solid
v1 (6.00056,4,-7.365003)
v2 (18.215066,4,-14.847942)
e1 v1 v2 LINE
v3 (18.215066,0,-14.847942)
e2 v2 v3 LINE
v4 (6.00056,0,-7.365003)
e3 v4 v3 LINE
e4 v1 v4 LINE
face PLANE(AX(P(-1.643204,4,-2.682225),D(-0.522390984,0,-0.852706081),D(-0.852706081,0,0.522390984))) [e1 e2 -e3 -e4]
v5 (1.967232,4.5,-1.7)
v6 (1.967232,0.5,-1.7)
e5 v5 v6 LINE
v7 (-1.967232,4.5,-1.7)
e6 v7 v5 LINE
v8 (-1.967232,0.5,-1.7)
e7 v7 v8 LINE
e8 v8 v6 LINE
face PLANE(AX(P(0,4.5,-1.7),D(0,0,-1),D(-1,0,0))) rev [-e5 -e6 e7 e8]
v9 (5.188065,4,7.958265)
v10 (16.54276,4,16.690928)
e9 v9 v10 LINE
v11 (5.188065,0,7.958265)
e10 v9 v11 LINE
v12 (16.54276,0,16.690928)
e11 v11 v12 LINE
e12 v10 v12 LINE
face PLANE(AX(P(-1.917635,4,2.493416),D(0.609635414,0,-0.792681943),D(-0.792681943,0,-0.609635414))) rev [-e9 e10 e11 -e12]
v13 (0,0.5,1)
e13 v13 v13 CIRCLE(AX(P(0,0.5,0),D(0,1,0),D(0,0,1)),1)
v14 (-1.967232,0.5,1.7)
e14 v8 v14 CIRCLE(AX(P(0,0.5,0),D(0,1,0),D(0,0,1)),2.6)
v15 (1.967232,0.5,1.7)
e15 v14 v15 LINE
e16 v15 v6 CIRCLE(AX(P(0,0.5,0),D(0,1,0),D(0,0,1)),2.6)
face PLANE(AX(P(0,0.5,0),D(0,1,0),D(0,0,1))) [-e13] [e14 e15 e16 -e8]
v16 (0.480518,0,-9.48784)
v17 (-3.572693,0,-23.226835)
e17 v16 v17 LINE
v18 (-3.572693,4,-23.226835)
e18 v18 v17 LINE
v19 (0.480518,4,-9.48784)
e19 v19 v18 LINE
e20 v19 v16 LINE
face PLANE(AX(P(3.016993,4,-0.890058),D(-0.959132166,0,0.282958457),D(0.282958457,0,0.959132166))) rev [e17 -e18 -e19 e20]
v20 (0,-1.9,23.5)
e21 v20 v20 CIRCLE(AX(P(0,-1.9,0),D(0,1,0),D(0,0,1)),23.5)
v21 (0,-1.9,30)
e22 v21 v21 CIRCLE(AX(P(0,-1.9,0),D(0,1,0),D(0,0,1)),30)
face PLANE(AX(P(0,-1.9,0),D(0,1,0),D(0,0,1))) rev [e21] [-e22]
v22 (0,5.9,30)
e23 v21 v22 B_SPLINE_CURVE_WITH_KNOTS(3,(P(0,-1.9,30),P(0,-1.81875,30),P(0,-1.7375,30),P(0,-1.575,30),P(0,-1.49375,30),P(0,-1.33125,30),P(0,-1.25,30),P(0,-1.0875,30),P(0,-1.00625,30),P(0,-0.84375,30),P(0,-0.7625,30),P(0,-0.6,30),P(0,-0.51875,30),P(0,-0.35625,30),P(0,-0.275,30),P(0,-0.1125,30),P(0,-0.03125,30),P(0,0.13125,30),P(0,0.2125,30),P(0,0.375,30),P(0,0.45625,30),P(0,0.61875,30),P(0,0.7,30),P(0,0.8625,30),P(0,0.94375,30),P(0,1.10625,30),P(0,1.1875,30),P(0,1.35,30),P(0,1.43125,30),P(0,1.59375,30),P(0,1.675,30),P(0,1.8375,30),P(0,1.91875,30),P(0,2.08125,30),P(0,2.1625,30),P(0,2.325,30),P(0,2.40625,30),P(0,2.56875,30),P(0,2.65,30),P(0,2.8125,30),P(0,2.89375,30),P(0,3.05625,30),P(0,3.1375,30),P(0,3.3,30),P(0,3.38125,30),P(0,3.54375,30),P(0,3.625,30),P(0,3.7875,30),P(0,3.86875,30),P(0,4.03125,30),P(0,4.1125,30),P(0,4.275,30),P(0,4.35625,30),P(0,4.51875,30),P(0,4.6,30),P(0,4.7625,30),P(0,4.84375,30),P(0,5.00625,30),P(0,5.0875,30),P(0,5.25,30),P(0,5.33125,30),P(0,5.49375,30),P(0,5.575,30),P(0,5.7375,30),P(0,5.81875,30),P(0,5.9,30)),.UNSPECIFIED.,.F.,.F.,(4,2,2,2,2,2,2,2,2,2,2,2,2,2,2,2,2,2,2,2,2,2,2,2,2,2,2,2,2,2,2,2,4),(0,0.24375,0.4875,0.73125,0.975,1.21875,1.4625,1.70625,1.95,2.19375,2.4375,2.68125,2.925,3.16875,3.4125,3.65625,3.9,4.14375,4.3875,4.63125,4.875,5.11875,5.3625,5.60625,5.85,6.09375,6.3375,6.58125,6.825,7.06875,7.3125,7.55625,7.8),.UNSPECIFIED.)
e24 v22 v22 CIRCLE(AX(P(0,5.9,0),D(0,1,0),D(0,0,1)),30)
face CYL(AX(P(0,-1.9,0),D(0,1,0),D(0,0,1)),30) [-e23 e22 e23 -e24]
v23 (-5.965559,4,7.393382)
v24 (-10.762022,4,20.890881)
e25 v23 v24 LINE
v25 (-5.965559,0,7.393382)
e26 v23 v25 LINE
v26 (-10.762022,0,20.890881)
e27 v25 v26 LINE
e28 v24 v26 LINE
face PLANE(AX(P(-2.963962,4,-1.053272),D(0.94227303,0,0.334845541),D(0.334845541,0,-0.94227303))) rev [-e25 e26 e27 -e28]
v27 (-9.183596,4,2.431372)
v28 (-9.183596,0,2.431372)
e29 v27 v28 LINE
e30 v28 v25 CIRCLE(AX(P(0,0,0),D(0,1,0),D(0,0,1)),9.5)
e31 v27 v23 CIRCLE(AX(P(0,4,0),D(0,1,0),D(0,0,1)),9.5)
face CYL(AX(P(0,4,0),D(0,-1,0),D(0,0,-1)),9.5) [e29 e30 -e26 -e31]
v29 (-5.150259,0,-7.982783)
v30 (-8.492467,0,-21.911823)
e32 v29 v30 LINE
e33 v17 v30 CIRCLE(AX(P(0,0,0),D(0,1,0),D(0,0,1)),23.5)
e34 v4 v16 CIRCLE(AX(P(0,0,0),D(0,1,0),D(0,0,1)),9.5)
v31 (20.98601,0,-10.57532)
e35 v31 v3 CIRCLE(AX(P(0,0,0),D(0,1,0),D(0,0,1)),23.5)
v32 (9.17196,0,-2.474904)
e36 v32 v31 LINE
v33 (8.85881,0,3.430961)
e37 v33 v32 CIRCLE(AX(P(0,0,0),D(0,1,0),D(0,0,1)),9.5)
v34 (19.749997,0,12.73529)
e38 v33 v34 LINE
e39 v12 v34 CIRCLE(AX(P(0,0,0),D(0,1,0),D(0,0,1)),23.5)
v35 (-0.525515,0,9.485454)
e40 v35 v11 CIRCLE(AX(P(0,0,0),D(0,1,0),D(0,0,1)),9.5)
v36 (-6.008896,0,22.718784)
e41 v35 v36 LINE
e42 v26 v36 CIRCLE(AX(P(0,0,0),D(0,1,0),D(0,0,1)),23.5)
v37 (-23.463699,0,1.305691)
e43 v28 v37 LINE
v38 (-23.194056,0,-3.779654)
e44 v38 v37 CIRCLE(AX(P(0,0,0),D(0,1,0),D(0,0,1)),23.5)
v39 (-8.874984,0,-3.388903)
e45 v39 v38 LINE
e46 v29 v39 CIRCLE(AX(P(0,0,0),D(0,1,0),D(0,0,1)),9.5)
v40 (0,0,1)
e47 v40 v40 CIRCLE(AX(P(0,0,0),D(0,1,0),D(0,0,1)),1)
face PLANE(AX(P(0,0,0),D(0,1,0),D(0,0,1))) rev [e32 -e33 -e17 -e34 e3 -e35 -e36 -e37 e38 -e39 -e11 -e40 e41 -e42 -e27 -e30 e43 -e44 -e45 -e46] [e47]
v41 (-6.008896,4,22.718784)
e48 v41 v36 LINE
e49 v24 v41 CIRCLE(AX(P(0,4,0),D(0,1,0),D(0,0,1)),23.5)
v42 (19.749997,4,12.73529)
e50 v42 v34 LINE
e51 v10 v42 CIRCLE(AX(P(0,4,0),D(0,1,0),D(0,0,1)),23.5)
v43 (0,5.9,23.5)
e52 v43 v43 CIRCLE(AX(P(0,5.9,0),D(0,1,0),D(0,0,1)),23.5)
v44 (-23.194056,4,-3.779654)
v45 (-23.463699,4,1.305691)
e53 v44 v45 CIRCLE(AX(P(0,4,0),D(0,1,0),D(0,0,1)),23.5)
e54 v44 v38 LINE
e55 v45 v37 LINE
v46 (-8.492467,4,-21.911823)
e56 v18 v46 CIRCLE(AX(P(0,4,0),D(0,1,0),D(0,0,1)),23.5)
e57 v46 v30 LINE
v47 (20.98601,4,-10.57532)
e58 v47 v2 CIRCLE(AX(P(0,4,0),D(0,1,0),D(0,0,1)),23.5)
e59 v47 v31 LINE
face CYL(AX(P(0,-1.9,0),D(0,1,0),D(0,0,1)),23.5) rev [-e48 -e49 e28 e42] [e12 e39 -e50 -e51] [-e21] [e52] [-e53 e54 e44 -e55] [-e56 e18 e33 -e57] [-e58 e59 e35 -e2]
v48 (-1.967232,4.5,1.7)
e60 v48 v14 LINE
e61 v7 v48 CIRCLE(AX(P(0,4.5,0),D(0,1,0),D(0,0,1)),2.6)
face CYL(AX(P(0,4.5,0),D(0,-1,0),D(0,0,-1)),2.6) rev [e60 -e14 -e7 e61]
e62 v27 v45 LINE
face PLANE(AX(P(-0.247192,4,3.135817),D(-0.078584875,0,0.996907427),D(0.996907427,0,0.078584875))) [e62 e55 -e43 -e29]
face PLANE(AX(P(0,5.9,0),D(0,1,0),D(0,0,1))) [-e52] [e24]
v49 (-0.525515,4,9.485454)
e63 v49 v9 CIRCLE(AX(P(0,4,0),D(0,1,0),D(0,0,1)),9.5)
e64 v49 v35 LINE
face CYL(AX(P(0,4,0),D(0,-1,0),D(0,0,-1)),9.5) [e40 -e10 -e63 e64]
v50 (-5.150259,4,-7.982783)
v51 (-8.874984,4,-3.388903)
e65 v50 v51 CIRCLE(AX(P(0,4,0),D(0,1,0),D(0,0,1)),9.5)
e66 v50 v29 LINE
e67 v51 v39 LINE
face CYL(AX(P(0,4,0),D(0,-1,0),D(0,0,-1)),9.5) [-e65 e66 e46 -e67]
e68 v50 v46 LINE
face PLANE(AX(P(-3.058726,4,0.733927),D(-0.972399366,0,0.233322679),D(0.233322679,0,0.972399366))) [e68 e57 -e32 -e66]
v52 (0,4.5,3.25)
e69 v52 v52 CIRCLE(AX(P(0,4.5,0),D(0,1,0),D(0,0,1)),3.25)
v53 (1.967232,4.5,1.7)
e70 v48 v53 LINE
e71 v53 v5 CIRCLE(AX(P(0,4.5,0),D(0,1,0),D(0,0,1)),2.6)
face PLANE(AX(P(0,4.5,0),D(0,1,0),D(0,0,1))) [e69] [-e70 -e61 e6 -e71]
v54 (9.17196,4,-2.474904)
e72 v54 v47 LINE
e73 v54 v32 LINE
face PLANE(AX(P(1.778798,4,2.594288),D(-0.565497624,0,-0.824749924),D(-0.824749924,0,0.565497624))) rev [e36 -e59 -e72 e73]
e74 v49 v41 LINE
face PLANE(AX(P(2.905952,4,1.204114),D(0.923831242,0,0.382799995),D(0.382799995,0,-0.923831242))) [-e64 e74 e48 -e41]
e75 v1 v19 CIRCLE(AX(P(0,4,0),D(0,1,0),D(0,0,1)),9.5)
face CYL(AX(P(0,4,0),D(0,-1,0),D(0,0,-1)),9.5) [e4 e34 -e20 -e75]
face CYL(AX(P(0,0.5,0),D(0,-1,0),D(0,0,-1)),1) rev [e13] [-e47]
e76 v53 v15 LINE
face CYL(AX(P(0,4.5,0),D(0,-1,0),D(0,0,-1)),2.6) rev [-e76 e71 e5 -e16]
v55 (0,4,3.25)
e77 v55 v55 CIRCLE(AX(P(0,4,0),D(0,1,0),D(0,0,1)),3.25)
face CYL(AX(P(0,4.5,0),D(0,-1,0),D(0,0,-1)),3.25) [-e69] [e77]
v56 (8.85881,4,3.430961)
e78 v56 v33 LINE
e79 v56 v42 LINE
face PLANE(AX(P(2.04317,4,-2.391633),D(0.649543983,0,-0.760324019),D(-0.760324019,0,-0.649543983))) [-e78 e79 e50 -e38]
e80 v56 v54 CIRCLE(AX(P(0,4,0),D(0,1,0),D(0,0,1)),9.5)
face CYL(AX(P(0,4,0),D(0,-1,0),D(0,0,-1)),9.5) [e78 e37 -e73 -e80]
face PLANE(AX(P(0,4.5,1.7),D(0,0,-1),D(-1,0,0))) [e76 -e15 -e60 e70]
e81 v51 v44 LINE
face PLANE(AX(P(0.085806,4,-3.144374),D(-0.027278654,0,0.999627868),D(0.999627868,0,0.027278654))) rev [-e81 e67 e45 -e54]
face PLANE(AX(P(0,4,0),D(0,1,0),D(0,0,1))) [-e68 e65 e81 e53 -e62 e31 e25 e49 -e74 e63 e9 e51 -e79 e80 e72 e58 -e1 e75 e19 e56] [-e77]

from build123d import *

# Parameters (mm, degrees)
SKETCH1_R                = 3.25
BOSS_EXTRUDE1_DEPTH      = 4
SKETCH1_4_R              = 3.25
BOSS_EXTRUDE2_DEPTH      = 4.5
SKETCH1_5_R              = 1
BOSS_EXTRUDE3_DEPTH      = 0.5
BOSS_EXTRUDE4_DEPTH      = 5.9
BOSS_EXTRUDE4_DEPTH_BACK = 1.9
SKETCH1_6_R              = 30


with BuildPart() as part:
    # Sketch1 → Boss-Extrude1 (new body)
    with BuildSketch(Plane(origin=(0, 0, 0), x_dir=(1, 0, 0), z_dir=(0, 1, 0))):
        with BuildLine():
            Line((-8.492467394, 21.911823237), (-5.150259407, 7.982783226))
            ThreePointArc((-5.150259407, 7.982783226), (-7.379213612, 5.983076673), (-8.874983612, 3.388903346))
            Line((-8.874983612, 3.388903346), (-23.194055647, 3.779653774))
            ThreePointArc((-23.194055647, 3.779653774), (-23.46703432, 1.244307122), (-23.463699022, -1.305690697))
            Line((-23.463699022, -1.305690697), (-9.183595688, -2.431372091))
            ThreePointArc((-9.183595688, -2.431372091), (-7.970546468, -5.16917682), (-5.965559371, -7.39338227))
            Line((-5.965559371, -7.39338227), (-10.762021714, -20.890880513))
            ThreePointArc((-10.762021714, -20.890880513), (-8.435118809, -21.933963861), (-6.008896103, -22.718784466))
            Line((-6.008896103, -22.718784466), (-0.525514867, -9.485453818))
            ThreePointArc((-0.525514867, -9.485453818), (2.453144985, -9.177803642), (5.188065158, -7.958264881))
            Line((5.188065158, -7.958264881), (16.54276044, -16.690927986))
            ThreePointArc((16.54276044, -16.690927986), (18.253844197, -14.800242296), (19.749996995, -12.735290287))
            Line((19.749996995, -12.735290287), (8.858809639, -3.430960767))
            ThreePointArc((8.858809639, -3.430960767), (9.486673449, -0.503017773), (9.171959975, 2.474904082))
            Line((9.171959975, 2.474904082), (20.986009934, 10.575319714))
            ThreePointArc((20.986009934, 10.575319714), (19.716614948, 12.78691108), (18.215065524, 14.847942212))
            Line((18.215065524, 14.847942212), (6.000560323, 7.365003449))
            ThreePointArc((6.000560323, 7.365003449), (3.409941646, 8.866921561), (0.48051785, 9.487839722))
            Line((0.48051785, 9.487839722), (-3.572693012, 23.226835011))
            ThreePointArc((-3.572693012, 23.226835011), (-6.068306016, 22.702987955), (-8.492467394, 21.911823237))
        make_face()
        Circle(SKETCH1_R, mode=Mode.SUBTRACT)
    extrude(amount=BOSS_EXTRUDE1_DEPTH)

    # Sketch1<4> → Boss-Extrude2 (add)
    with BuildSketch(Plane(origin=(0, 0, 0), x_dir=(1, 0, 0), z_dir=(0, 1, 0))):
        Circle(SKETCH1_4_R)
        with BuildLine():
            Line((-1.967231557, 1.7), (1.967231557, 1.7))
            ThreePointArc((1.967231557, 1.7), (2.6, 0), (1.967231557, -1.7))
            Line((1.967231557, -1.7), (-1.967231557, -1.7))
            ThreePointArc((-1.967231557, -1.7), (-2.6, 0), (-1.967231557, 1.7))
        make_face(mode=Mode.SUBTRACT)
    extrude(amount=BOSS_EXTRUDE2_DEPTH)

    # Sketch1<5> → Boss-Extrude3 (add)
    with BuildSketch(Plane(origin=(0, 0, 0), x_dir=(1, 0, 0), z_dir=(0, 1, 0))):
        with BuildLine():
            Line((1.967231557, 1.7), (-1.967231557, 1.7))
            ThreePointArc((-1.967231557, 1.7), (-2.6, 0), (-1.967231557, -1.7))
            Line((-1.967231557, -1.7), (1.967231557, -1.7))
            ThreePointArc((1.967231557, -1.7), (2.6, 0), (1.967231557, 1.7))
        make_face()
        Circle(SKETCH1_5_R, mode=Mode.SUBTRACT)
    extrude(amount=BOSS_EXTRUDE3_DEPTH)

    # Sketch1<6> → Boss-Extrude4 (add, two sides: drawn at the far end of the back side and taken through both)
    with BuildSketch(Plane(origin=(0, 0, 0), x_dir=(1, 0, 0), z_dir=(0, 1, 0)).offset(-BOSS_EXTRUDE4_DEPTH_BACK)):
        Circle(SKETCH1_6_R)
        with BuildLine():
            ThreePointArc((-8.492467394, 21.911823237), (-7.291125837, 22.340310741), (-6.068306016, 22.702987955))
            ThreePointArc((-6.068306016, 22.702987955), (-4.827610123, 22.998786501), (-3.572693012, 23.226835011))
            ThreePointArc((-3.572693012, 23.226835011), (8.435118809, 21.933963861), (18.215065524, 14.847942212))
            ThreePointArc((18.215065524, 14.847942212), (19.716614948, 12.78691108), (20.986009934, 10.575319714))
            ThreePointArc((20.986009934, 10.575319714), (22.862865453, 5.435014561), (23.5, 0))
            ThreePointArc((23.5, 0), (22.543013656, -6.637961683), (19.749996995, -12.735290287))
            ThreePointArc((19.749996995, -12.735290287), (18.253844197, -14.800242296), (16.54276044, -16.690927986))
            ThreePointArc((16.54276044, -16.690927986), (6.068306016, -22.702987955), (-6.008896103, -22.718784466))
            ThreePointArc((-6.008896103, -22.718784466), (-8.435118809, -21.933963861), (-10.762021714, -20.890880513))
            ThreePointArc((-10.762021714, -20.890880513), (-19.716614948, -12.78691108), (-23.463699022, -1.305690697))
            ThreePointArc((-23.463699022, -1.305690697), (-23.46703432, 1.244307122), (-23.194055647, 3.779653774))
            ThreePointArc((-23.194055647, 3.779653774), (-18.253844197, 14.800242296), (-8.492467394, 21.911823237))
        make_face(mode=Mode.SUBTRACT)
    extrude(amount=BOSS_EXTRUDE4_DEPTH + BOSS_EXTRUDE4_DEPTH_BACK)


solid = part.part
